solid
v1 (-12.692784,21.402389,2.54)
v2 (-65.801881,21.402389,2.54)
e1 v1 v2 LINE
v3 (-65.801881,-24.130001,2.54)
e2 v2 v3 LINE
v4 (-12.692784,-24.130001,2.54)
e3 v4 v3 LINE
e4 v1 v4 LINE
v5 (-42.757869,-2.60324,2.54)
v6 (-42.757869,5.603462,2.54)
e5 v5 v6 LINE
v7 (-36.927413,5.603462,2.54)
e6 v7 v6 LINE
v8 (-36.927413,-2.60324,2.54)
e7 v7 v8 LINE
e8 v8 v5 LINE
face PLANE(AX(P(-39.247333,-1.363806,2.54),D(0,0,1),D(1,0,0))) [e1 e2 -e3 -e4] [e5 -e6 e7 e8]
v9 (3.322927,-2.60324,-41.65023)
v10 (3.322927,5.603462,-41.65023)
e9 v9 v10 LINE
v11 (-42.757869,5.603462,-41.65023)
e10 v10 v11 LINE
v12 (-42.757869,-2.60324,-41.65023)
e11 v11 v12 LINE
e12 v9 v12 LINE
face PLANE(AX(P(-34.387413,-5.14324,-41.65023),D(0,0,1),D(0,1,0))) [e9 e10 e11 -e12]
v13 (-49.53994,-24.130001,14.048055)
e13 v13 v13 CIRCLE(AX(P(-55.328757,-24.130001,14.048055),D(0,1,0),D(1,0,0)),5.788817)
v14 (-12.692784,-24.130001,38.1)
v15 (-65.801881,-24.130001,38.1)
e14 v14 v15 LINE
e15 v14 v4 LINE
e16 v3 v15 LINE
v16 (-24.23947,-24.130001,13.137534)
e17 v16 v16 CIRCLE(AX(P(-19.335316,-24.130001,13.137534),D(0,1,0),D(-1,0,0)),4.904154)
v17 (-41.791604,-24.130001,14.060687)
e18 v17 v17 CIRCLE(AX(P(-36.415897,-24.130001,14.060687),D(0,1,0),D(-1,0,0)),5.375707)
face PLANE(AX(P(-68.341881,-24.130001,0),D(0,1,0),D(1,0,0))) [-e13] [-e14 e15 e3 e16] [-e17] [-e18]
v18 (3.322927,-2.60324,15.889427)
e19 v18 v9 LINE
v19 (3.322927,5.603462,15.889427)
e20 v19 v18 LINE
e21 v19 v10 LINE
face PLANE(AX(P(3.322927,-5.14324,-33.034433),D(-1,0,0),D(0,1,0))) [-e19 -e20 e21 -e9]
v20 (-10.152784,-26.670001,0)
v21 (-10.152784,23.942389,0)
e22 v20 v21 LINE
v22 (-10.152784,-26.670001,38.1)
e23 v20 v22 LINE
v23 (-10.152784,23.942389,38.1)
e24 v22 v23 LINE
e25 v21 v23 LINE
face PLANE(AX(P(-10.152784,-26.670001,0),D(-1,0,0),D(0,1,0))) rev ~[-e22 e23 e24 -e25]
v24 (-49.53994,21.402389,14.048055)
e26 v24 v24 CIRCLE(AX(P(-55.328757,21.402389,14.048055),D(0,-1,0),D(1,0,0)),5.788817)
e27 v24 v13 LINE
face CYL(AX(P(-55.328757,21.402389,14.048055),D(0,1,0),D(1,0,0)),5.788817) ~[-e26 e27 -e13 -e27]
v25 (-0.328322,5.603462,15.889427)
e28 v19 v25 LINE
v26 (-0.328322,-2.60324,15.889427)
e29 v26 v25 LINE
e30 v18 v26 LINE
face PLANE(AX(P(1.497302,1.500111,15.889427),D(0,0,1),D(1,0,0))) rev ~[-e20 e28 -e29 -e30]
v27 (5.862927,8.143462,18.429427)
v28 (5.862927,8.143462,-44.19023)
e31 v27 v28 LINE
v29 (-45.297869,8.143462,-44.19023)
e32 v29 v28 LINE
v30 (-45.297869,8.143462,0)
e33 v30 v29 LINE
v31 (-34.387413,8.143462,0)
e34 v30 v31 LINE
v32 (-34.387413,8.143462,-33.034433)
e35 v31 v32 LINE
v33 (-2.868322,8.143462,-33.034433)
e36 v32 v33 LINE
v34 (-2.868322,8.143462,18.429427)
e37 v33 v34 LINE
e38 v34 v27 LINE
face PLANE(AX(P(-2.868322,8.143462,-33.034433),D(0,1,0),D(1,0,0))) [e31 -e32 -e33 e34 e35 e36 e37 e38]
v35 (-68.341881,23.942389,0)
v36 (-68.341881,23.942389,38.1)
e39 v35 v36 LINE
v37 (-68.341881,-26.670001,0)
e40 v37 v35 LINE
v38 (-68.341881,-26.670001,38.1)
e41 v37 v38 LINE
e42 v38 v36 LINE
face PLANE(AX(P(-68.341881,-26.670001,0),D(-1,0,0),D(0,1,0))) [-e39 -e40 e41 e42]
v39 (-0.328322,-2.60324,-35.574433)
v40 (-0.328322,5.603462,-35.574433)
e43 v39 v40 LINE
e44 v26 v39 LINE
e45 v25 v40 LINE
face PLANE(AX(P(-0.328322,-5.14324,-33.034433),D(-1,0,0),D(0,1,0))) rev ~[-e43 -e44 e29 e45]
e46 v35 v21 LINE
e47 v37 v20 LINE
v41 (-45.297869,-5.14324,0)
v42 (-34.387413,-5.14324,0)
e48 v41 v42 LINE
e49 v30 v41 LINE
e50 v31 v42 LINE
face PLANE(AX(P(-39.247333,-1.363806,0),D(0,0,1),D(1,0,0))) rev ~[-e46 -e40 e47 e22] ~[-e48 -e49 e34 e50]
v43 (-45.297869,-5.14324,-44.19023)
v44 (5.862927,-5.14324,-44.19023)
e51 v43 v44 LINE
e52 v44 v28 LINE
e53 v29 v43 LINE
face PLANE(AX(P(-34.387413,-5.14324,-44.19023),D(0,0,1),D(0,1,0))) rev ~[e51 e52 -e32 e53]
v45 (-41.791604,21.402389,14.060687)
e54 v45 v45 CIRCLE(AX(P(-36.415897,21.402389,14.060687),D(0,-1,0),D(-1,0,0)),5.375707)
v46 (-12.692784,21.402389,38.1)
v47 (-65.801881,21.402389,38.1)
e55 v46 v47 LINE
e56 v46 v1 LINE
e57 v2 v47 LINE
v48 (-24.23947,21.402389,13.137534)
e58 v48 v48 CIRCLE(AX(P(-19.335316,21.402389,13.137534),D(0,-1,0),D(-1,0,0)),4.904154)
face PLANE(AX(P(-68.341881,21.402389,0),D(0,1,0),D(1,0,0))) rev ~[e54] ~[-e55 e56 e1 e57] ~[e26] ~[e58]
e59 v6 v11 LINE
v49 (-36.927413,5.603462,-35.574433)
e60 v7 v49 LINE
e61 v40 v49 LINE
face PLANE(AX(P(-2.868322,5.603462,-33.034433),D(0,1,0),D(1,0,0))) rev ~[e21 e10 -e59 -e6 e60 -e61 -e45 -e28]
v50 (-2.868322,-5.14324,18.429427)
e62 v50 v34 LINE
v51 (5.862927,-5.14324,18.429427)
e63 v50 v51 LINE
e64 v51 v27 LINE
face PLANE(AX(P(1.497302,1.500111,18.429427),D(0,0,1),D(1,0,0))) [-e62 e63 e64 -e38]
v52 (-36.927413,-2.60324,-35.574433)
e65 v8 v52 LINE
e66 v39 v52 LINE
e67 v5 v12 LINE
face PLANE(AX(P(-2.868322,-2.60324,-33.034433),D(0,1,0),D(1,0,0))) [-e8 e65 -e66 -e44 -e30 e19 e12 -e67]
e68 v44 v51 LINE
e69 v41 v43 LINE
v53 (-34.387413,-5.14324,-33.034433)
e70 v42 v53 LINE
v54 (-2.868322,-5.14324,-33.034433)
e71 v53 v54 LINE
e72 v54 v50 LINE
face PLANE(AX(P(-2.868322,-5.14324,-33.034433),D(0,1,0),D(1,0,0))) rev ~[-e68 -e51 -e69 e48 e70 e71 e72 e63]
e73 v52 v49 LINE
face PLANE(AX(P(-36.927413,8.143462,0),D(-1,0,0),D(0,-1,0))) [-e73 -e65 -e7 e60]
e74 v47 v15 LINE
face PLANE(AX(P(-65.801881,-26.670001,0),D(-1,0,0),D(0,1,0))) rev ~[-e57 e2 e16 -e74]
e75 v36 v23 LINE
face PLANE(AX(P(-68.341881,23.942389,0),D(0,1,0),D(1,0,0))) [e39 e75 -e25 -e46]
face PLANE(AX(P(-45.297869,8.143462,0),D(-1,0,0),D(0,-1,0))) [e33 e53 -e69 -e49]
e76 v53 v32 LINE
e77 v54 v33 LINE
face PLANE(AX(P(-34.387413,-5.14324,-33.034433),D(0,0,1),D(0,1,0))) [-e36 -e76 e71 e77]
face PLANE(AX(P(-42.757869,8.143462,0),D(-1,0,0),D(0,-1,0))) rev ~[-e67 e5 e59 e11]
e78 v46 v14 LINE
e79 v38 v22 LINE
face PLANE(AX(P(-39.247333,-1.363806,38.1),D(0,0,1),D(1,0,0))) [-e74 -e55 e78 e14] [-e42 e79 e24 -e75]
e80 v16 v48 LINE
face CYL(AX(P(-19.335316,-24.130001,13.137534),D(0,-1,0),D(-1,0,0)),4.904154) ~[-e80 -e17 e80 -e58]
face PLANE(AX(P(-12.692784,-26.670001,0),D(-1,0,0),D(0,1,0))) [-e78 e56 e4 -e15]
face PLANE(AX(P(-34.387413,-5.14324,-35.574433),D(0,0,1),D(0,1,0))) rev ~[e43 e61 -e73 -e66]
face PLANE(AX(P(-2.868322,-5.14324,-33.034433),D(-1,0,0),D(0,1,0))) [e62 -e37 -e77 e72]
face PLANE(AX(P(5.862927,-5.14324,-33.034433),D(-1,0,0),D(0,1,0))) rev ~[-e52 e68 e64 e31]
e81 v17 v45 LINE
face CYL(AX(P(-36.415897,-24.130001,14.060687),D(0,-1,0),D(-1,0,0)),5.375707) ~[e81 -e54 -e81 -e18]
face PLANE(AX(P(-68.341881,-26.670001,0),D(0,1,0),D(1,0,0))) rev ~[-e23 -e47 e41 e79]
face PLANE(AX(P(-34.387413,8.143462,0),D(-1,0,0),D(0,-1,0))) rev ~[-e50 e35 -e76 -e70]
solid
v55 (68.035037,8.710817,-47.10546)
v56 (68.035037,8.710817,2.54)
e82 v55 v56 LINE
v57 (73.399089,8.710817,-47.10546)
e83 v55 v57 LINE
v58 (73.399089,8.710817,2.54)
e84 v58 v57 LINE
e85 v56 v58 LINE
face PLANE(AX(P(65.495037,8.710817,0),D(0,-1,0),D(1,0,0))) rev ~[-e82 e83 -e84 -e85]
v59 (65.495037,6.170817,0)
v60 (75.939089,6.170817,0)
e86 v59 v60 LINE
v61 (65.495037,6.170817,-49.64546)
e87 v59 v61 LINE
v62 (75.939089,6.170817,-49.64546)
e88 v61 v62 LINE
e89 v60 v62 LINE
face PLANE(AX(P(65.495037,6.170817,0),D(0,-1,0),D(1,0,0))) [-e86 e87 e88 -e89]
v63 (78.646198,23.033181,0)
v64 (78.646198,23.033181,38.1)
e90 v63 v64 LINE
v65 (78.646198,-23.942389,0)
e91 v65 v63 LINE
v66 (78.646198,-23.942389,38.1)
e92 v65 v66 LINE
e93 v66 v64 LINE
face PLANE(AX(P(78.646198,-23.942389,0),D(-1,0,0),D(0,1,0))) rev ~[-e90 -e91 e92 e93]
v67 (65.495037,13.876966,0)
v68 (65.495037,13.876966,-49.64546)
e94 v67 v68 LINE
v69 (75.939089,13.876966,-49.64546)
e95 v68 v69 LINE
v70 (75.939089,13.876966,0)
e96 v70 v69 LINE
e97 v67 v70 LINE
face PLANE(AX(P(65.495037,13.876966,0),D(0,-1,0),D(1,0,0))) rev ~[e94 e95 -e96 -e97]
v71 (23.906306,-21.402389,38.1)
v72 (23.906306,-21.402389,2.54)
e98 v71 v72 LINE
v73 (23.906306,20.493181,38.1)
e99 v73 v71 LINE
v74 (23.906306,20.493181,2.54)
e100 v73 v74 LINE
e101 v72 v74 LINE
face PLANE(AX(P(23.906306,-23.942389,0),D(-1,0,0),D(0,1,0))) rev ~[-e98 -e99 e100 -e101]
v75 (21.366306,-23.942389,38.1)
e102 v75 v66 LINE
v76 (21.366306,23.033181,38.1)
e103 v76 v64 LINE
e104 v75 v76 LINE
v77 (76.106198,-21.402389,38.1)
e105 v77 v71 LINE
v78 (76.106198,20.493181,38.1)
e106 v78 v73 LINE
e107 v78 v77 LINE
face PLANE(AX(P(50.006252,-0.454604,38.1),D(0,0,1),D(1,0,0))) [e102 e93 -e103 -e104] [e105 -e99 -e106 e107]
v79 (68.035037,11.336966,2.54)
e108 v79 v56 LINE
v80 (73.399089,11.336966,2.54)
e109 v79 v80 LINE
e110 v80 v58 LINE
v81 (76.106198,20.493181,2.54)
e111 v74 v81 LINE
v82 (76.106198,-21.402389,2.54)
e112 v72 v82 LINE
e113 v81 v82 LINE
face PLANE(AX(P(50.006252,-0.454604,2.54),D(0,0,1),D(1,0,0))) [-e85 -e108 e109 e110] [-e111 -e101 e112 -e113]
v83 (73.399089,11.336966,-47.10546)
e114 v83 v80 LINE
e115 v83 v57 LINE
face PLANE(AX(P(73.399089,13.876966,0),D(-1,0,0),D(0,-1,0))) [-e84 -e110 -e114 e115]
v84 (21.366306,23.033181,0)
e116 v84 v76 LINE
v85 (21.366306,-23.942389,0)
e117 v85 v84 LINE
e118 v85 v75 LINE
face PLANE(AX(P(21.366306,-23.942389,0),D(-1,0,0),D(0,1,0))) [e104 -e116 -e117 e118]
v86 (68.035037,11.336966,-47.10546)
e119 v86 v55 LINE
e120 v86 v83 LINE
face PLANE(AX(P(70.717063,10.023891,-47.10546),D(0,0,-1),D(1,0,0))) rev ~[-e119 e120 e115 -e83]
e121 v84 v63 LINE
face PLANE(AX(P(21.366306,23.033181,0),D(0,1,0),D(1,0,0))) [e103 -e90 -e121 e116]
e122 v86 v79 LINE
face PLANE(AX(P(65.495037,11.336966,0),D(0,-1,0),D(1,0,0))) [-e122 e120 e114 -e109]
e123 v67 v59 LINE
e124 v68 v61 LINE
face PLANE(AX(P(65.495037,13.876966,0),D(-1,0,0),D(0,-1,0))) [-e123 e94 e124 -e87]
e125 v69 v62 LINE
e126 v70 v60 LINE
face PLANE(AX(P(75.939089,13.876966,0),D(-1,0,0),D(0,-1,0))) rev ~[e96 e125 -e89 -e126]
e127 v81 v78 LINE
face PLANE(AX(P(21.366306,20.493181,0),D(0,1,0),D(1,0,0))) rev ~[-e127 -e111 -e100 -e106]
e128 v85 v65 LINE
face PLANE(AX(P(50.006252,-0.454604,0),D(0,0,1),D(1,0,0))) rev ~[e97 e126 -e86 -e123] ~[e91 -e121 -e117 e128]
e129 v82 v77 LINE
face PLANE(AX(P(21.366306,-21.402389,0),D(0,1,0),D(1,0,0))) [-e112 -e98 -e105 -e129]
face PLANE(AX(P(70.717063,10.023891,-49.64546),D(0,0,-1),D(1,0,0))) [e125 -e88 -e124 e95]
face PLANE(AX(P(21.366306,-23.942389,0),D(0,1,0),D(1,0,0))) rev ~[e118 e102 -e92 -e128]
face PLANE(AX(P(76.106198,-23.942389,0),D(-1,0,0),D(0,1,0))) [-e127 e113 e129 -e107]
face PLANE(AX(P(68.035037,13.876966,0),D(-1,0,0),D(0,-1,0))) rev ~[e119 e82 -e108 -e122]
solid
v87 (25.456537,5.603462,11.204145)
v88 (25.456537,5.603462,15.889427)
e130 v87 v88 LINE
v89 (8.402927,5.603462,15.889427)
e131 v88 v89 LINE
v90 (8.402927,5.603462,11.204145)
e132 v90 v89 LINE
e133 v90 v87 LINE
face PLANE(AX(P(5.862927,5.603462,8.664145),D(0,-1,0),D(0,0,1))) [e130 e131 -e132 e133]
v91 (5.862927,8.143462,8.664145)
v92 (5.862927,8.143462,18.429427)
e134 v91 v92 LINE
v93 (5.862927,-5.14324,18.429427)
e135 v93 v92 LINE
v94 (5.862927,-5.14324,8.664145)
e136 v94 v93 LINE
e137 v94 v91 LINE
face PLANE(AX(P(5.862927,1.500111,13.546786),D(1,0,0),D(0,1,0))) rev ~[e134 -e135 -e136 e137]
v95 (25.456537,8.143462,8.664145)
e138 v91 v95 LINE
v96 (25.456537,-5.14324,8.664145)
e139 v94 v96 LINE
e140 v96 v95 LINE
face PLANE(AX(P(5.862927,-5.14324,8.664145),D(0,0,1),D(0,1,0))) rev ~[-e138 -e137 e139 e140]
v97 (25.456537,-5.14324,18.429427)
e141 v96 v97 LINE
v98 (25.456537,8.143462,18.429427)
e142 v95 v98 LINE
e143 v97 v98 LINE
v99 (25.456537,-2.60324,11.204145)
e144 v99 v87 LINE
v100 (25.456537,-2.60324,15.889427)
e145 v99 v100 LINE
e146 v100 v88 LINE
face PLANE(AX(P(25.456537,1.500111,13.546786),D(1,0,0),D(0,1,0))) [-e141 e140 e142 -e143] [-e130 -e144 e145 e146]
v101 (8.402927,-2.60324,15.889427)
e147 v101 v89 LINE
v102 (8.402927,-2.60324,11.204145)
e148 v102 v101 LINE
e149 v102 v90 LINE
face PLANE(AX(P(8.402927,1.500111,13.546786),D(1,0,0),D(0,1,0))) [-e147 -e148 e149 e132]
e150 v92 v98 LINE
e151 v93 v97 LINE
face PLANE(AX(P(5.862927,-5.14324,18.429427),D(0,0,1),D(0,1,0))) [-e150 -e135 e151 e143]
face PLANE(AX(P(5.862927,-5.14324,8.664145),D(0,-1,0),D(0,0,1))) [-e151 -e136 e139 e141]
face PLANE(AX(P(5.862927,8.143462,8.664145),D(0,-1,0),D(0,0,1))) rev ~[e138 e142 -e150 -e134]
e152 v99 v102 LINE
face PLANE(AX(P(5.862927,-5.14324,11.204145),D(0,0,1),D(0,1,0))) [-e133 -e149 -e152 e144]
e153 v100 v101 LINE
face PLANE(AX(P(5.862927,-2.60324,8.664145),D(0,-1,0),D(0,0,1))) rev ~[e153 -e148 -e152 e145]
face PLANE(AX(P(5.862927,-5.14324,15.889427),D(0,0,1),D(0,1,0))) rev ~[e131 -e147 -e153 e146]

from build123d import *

# Parameters (mm, degrees)
F0_W      = 58.1890968606
F0_H      = 50.6123900414
F1_DEPTH  = 38.1
F2_W      = 57.2798922658
F2_H      = 46.9755697995
F3_DEPTH  = 38.1
F5_W      = 10.9104551375
F5_H      = 13.2867023349
F6_DEPTH  = 44.19023
F7_W      = 13.2867023349
F7_H      = 11.1557973206
F8_DEPTH  = 40.25034
F9_W      = 8.7312487776
F9_H      = 13.2867023349
F10_DEPTH = 51.46386
F12_W     = 10.4440525174
F12_H     = 7.7061494812
F13_DEPTH = 49.64546
F14_T     = -2.54
F15_T     = -2.54
F11_W     = 13.2867023349
F11_H     = 9.7652821862
F16_DEPTH = 19.59361
F17_T     = -2.54
F18_R     = 4.9041539646
F19_DEPTH = 46.8809679151
F20_R     = 5.3757066386
F21_DEPTH = 47.4310778081
F22_R     = 5.788816606
F23_DEPTH = 46.9942092896


with BuildPart() as f1:
    # F0 (on Top) → F1 (new body)
    with BuildSketch(Plane.XY):
        with Locations((-39.2473326065, -1.3638064265)):
            Rectangle(F0_W, F0_H)
    extrude(amount=F1_DEPTH)

    # F5 (on face) → F6 (join)
    with BuildSketch(Plane(origin=(0, 0, 0), x_dir=(1, 0, 0), z_dir=(0, 0, -1))):
        with Locations((-39.8426409811, -1.5001110733)):
            Rectangle(F5_W, F5_H)
    extrude(amount=F6_DEPTH)

    # F7 (on face) → F8 (join)
    with BuildSketch(Plane.YZ.offset(-34.3874134123)):
        with Locations((1.5001110733, -38.6123313397)):
            Rectangle(F7_W, F7_H)
    extrude(amount=F8_DEPTH)

    # F9 (on face) → F10 (join)
    with BuildSketch(Plane.XY.offset(-33.0344326794)):
        with Locations((1.4973021989, 1.5001110733)):
            Rectangle(F9_W, F9_H)
    extrude(amount=F10_DEPTH)

    # F14
    f14_openings = [f1.faces().sort_by_distance(p)[0] for p in [
        (-39.247333, -1.363806, 38.1),
    ]]
    offset(amount=F14_T, openings=f14_openings, kind=Kind.INTERSECTION)

    # F18 (on face) → F19 (join)
    with BuildSketch(Plane(origin=(0, -24.1300014472, 0), x_dir=(-1, 0, 0), z_dir=(0, 1, 0))):
        with Locations((19.3353164941, 13.1375342607)):
            Circle(F18_R)
    extrude(amount=F19_DEPTH)

    # F20 (on face) → F21 (join)
    with BuildSketch(Plane(origin=(0, -24.1300014472, 0), x_dir=(-1, 0, 0), z_dir=(0, 1, 0))):
        with Locations((36.4158973098, 14.0606872737)):
            Circle(F20_R)
    extrude(amount=F21_DEPTH)

    # F22 (on face) → F23 (join)
    with BuildSketch(Plane.XZ.offset(-21.4023885942)):
        with Locations((-55.3287565708, 14.0480548143)):
            Circle(F22_R)
    extrude(amount=F23_DEPTH)


with BuildPart() as f3:
    # F2 (on Top) → F3 (new body)
    with BuildSketch(Plane.XY):
        with Locations((50.0062517822, -0.4546036944)):
            Rectangle(F2_W, F2_H)
    extrude(amount=F3_DEPTH)

    # F12 (on face) → F13 (join)
    with BuildSketch(Plane(origin=(0, 0, 0), x_dir=(1, 0, 0), z_dir=(0, 0, -1))):
        with Locations((70.7170628011, -10.0238914602)):
            Rectangle(F12_W, F12_H)
    extrude(amount=F13_DEPTH)

    # F15
    f15_openings = [f3.faces().sort_by_distance(p)[0] for p in [
        (50.006252, -0.454604, 38.1),
    ]]
    offset(amount=F15_T, openings=f15_openings, kind=Kind.INTERSECTION)


with BuildPart() as f16:
    # F11 (on face) → F16 (new body)
    with BuildSketch(Plane.YZ.offset(5.8629265877)):
        with Locations((1.5001110733, 13.5467862275)):
            Rectangle(F11_W, F11_H)
    extrude(amount=F16_DEPTH)

    # F17
    f17_openings = [f16.faces().sort_by_distance(p)[0] for p in [
        (25.456537, 1.500111, 13.546786),
    ]]
    offset(amount=F17_T, openings=f17_openings)


solid = Compound([f1.part, f3.part, f16.part])
